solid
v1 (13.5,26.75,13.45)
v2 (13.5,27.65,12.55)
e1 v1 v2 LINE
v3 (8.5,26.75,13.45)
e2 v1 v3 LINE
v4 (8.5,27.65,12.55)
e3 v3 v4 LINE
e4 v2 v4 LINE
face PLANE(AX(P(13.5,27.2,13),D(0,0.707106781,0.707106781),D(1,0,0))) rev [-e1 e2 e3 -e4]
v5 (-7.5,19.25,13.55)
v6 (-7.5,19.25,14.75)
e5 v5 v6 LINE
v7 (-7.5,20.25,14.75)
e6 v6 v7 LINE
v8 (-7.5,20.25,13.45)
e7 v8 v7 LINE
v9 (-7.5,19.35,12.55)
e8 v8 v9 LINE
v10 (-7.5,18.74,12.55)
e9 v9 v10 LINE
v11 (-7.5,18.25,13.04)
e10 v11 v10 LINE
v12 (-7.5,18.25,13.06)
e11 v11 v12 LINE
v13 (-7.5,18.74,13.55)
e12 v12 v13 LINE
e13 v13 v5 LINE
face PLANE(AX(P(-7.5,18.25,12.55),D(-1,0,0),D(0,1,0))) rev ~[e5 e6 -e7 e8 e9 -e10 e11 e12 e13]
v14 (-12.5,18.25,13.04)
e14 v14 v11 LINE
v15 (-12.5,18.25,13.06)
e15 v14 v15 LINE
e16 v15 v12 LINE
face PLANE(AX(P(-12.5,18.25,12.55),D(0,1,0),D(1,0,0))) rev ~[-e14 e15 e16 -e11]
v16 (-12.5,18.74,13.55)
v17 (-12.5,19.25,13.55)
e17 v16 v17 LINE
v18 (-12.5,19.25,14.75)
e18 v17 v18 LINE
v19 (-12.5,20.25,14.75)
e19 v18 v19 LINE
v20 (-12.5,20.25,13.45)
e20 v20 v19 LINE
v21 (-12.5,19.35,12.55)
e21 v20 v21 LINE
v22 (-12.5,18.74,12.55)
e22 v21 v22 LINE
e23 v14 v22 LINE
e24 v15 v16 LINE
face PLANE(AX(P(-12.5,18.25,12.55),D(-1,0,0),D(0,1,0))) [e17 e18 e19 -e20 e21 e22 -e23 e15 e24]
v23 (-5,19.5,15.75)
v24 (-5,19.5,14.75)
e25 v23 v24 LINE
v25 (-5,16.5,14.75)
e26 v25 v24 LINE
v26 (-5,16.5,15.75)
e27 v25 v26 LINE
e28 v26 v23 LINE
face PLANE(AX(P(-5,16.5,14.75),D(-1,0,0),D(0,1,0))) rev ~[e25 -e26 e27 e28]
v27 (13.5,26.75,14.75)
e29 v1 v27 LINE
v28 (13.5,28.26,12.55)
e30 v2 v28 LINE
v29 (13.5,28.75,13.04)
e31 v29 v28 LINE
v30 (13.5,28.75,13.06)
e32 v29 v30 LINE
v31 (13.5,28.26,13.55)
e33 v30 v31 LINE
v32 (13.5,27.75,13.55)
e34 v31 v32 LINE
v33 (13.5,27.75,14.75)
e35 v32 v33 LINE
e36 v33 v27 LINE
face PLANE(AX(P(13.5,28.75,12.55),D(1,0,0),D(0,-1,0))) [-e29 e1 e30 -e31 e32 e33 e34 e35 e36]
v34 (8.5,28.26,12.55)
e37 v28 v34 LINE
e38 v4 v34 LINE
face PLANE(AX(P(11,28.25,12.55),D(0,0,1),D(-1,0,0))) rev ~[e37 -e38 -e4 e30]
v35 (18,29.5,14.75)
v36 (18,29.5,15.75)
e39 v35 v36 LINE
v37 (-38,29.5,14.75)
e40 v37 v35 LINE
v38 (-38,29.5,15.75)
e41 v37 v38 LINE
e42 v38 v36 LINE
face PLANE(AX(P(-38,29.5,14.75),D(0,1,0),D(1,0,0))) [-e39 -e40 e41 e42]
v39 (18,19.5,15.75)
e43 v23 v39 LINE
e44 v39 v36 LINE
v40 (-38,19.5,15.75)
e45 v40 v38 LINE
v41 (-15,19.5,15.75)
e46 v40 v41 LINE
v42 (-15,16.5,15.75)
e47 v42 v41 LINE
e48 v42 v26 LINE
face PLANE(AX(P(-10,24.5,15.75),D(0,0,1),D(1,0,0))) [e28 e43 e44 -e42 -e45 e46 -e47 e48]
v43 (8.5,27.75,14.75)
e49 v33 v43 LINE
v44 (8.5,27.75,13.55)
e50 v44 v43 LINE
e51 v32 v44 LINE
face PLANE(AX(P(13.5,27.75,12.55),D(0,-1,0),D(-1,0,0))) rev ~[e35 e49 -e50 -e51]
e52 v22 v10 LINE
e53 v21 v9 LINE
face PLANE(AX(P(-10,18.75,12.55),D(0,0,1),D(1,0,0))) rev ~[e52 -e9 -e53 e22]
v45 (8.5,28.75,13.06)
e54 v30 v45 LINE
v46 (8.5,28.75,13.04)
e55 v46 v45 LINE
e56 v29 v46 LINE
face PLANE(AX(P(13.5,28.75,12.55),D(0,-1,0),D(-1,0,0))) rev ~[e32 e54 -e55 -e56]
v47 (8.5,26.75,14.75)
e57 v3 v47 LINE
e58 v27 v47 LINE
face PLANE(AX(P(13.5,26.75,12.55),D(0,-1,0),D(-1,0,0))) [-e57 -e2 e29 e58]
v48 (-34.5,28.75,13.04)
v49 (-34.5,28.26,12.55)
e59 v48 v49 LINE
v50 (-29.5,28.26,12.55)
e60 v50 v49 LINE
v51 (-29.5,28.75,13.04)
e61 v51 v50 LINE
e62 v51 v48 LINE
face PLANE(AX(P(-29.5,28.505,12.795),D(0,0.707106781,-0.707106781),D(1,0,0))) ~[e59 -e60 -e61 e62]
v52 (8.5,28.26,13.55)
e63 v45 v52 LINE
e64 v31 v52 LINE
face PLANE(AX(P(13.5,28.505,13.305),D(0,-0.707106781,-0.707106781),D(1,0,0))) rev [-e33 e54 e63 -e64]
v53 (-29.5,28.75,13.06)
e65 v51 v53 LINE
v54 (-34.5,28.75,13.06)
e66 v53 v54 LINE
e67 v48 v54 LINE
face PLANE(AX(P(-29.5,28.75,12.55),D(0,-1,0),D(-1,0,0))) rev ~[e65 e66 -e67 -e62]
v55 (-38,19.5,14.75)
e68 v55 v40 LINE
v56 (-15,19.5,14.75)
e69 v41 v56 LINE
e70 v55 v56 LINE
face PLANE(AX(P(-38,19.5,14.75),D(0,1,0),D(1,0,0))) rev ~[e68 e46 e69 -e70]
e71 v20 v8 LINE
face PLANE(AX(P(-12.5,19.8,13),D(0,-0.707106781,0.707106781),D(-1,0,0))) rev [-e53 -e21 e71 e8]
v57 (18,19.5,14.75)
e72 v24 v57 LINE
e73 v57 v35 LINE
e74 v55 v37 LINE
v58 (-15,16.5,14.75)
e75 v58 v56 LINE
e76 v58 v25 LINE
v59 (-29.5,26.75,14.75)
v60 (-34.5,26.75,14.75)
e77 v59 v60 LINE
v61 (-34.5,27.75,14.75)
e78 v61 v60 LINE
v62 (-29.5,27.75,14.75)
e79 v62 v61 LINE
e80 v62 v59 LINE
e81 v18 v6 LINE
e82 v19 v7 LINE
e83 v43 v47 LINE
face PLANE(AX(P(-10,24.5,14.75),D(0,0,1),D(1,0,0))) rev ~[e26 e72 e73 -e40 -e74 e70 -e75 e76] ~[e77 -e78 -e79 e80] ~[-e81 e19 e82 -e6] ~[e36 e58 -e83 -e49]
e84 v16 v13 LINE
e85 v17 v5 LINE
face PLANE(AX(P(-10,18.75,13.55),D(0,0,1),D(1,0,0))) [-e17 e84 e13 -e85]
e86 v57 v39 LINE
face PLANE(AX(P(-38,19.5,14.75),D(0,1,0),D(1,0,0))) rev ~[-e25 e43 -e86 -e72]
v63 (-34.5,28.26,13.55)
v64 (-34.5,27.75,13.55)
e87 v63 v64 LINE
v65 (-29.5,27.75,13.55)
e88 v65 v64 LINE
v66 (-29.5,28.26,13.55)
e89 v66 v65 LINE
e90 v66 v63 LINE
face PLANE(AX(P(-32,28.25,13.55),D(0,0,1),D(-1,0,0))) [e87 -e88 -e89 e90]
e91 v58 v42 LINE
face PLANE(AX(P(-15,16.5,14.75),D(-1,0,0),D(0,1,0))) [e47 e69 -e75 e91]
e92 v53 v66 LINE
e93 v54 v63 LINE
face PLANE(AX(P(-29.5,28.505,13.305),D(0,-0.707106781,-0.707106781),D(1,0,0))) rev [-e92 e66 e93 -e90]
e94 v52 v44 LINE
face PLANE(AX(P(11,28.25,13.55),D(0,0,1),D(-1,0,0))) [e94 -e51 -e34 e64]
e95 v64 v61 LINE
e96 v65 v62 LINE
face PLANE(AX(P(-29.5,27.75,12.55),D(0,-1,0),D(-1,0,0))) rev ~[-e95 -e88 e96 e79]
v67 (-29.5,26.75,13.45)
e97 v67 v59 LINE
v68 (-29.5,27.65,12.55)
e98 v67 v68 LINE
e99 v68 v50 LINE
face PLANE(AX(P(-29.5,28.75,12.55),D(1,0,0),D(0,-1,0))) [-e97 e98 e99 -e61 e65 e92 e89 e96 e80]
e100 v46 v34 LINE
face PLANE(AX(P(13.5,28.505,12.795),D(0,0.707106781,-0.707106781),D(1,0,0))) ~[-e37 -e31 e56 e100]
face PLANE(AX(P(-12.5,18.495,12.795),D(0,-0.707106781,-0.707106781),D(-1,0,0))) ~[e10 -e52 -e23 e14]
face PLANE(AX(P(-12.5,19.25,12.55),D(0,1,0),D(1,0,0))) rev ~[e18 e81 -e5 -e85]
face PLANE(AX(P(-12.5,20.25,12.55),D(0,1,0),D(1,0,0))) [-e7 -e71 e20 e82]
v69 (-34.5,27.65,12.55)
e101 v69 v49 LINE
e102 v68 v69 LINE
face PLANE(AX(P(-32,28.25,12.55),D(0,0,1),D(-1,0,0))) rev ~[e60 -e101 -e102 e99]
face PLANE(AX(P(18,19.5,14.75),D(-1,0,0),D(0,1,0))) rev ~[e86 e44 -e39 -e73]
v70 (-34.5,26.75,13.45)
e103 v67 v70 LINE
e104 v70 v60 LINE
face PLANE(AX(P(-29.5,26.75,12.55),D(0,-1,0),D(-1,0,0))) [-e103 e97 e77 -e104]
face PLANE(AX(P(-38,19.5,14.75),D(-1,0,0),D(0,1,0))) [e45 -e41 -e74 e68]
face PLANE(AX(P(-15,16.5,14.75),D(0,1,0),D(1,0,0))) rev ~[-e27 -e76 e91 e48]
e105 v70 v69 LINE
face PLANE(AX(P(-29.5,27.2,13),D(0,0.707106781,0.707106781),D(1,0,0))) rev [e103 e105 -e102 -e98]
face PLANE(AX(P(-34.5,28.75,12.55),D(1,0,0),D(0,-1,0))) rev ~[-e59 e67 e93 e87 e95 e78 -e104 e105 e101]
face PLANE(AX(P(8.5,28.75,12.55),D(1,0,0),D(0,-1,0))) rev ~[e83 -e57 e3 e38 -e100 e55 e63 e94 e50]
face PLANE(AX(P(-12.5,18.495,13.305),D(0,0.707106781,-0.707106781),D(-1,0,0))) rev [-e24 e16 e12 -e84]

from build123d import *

# Parameters (mm, degrees)
BOX082_W                  = 56
BOX082_H                  = 10
BOX082_DEPTH              = 1
BOX081_W                  = 10
BOX081_H                  = 10
BOX081_DEPTH              = 1
BOX085_W                  = 5
BOX085_H                  = 1
BOX085_DEPTH              = 1
CHAMFER013_SIZE           = 0.49
BOX086_W                  = 5
BOX086_H                  = 1
BOX086_DEPTH              = 2.2
CHAMFER014_SIZE           = 0.9
FUSION078_PLACEMENT_ANGLE = 180
BOX088_W                  = 5
BOX088_H                  = 1
BOX088_DEPTH              = 1
CHAMFER015_SIZE           = 0.49
BOX087_W                  = 5
BOX087_H                  = 1
BOX087_DEPTH              = 2.2
CHAMFER016_SIZE           = 0.9
FUSION079_PLACEMENT_ANGLE = 180
BOX083_W                  = 5
BOX083_H                  = 1
BOX083_DEPTH              = 1
CHAMFER011_SIZE           = 0.49
BOX084_W                  = 5
BOX084_H                  = 1
BOX084_DEPTH              = 2.2
CHAMFER012_SIZE           = 0.9


with BuildPart() as w_rfel056:
    # Box082 → Box082 (new body)
    with BuildSketch(Plane(origin=(-38, 19.5, 14.75), x_dir=(1, 0, 0), z_dir=(0, 0, 1))):
        with Locations((28, 5)):
            Rectangle(BOX082_W, BOX082_H)
    extrude(amount=BOX082_DEPTH)


with BuildPart() as deckl:
    # Box081 → Box081 (new body)
    with BuildSketch(Plane(origin=(-15, 16.5, 14.75), x_dir=(1, 0, 0), z_dir=(0, 0, 1))):
        with Locations((5, 5)):
            Rectangle(BOX081_W, BOX081_H)
    extrude(amount=BOX081_DEPTH)

    # Fusion077: union Würfel056
    add(w_rfel056.part)


with BuildPart() as chamfer013:
    # Box085 → Box085 (new body)
    with BuildSketch(Plane(origin=(-12.5, 18.25, 12.75), x_dir=(1, 0, 0), z_dir=(0, 0, 1))):
        with Locations((2.5, 0.5)):
            Rectangle(BOX085_W, BOX085_H)
    extrude(amount=BOX085_DEPTH)

    # Chamfer013
    chamfer013_edges = [chamfer013.edges().sort_by_distance(p)[0] for p in [
        (-10, 18.25, 12.75),
        (-10, 18.25, 13.75),
    ]]
    chamfer(chamfer013_edges, length=CHAMFER013_SIZE)


with BuildPart() as chamfer013_1:
    # Chamfer013 placement: moved
    add(chamfer013.part.moved(Location((0, 0, -0.2))))


with BuildPart() as nase001:
    # Box086 → Box086 (new body)
    with BuildSketch(Plane(origin=(-12.5, 19.25, 12.55), x_dir=(1, 0, 0), z_dir=(0, 0, 1))):
        with Locations((2.5, 0.5)):
            Rectangle(BOX086_W, BOX086_H)
    extrude(amount=BOX086_DEPTH)

    # Chamfer014
    chamfer014_edges = [nase001.edges().sort_by_distance(p)[0] for p in [
        (-10, 20.25, 12.55),
    ]]
    chamfer(chamfer014_edges, length=CHAMFER014_SIZE)

    # Fusion078: union Chamfer013
    add(chamfer013_1.part)


with BuildPart() as nase001_1:
    # Fusion078 placement: moved
    add(nase001.part.moved(Location((1, 47, 0))).rotate(Axis((1, 47, 0), (0, 0, 1)), FUSION078_PLACEMENT_ANGLE))


with BuildPart() as chamfer015:
    # Box088 → Box088 (new body)
    with BuildSketch(Plane(origin=(-12.5, 18.25, 12.75), x_dir=(1, 0, 0), z_dir=(0, 0, 1))):
        with Locations((2.5, 0.5)):
            Rectangle(BOX088_W, BOX088_H)
    extrude(amount=BOX088_DEPTH)

    # Chamfer015
    chamfer015_edges = [chamfer015.edges().sort_by_distance(p)[0] for p in [
        (-10, 18.25, 12.75),
        (-10, 18.25, 13.75),
    ]]
    chamfer(chamfer015_edges, length=CHAMFER015_SIZE)


with BuildPart() as chamfer015_1:
    # Chamfer015 placement: moved
    add(chamfer015.part.moved(Location((0, 0, -0.2))))


with BuildPart() as nase002:
    # Box087 → Box087 (new body)
    with BuildSketch(Plane(origin=(-12.5, 19.25, 12.55), x_dir=(1, 0, 0), z_dir=(0, 0, 1))):
        with Locations((2.5, 0.5)):
            Rectangle(BOX087_W, BOX087_H)
    extrude(amount=BOX087_DEPTH)

    # Chamfer016
    chamfer016_edges = [nase002.edges().sort_by_distance(p)[0] for p in [
        (-10, 20.25, 12.55),
    ]]
    chamfer(chamfer016_edges, length=CHAMFER016_SIZE)

    # Fusion079: union Chamfer015
    add(chamfer015_1.part)


with BuildPart() as nase002_1:
    # Fusion079 placement: moved
    add(nase002.part.moved(Location((-42, 47, 0))).rotate(Axis((-42, 47, 0), (0, 0, 1)), FUSION079_PLACEMENT_ANGLE))


with BuildPart() as chamfer011:
    # Box083 → Box083 (new body)
    with BuildSketch(Plane(origin=(-12.5, 18.25, 12.75), x_dir=(1, 0, 0), z_dir=(0, 0, 1))):
        with Locations((2.5, 0.5)):
            Rectangle(BOX083_W, BOX083_H)
    extrude(amount=BOX083_DEPTH)

    # Chamfer011
    chamfer011_edges = [chamfer011.edges().sort_by_distance(p)[0] for p in [
        (-10, 18.25, 12.75),
        (-10, 18.25, 13.75),
    ]]
    chamfer(chamfer011_edges, length=CHAMFER011_SIZE)


with BuildPart() as chamfer011_1:
    # Chamfer011 placement: moved
    add(chamfer011.part.moved(Location((0, 0, -0.2))))


with BuildPart() as abdeckung_gpio:
    # Box084 → Box084 (new body)
    with BuildSketch(Plane(origin=(-12.5, 19.25, 12.55), x_dir=(1, 0, 0), z_dir=(0, 0, 1))):
        with Locations((2.5, 0.5)):
            Rectangle(BOX084_W, BOX084_H)
    extrude(amount=BOX084_DEPTH)

    # Chamfer012
    chamfer012_edges = [abdeckung_gpio.edges().sort_by_distance(p)[0] for p in [
        (-10, 20.25, 12.55),
    ]]
    chamfer(chamfer012_edges, length=CHAMFER012_SIZE)

    # Fusion076: union Chamfer011
    add(chamfer011_1.part)

    # Fusion080: union Nase001, Nase002
    add(nase001_1.part)
    add(nase002_1.part)

    # Fusion081: union Deckl
    add(deckl.part)


solid = abdeckung_gpio.part
